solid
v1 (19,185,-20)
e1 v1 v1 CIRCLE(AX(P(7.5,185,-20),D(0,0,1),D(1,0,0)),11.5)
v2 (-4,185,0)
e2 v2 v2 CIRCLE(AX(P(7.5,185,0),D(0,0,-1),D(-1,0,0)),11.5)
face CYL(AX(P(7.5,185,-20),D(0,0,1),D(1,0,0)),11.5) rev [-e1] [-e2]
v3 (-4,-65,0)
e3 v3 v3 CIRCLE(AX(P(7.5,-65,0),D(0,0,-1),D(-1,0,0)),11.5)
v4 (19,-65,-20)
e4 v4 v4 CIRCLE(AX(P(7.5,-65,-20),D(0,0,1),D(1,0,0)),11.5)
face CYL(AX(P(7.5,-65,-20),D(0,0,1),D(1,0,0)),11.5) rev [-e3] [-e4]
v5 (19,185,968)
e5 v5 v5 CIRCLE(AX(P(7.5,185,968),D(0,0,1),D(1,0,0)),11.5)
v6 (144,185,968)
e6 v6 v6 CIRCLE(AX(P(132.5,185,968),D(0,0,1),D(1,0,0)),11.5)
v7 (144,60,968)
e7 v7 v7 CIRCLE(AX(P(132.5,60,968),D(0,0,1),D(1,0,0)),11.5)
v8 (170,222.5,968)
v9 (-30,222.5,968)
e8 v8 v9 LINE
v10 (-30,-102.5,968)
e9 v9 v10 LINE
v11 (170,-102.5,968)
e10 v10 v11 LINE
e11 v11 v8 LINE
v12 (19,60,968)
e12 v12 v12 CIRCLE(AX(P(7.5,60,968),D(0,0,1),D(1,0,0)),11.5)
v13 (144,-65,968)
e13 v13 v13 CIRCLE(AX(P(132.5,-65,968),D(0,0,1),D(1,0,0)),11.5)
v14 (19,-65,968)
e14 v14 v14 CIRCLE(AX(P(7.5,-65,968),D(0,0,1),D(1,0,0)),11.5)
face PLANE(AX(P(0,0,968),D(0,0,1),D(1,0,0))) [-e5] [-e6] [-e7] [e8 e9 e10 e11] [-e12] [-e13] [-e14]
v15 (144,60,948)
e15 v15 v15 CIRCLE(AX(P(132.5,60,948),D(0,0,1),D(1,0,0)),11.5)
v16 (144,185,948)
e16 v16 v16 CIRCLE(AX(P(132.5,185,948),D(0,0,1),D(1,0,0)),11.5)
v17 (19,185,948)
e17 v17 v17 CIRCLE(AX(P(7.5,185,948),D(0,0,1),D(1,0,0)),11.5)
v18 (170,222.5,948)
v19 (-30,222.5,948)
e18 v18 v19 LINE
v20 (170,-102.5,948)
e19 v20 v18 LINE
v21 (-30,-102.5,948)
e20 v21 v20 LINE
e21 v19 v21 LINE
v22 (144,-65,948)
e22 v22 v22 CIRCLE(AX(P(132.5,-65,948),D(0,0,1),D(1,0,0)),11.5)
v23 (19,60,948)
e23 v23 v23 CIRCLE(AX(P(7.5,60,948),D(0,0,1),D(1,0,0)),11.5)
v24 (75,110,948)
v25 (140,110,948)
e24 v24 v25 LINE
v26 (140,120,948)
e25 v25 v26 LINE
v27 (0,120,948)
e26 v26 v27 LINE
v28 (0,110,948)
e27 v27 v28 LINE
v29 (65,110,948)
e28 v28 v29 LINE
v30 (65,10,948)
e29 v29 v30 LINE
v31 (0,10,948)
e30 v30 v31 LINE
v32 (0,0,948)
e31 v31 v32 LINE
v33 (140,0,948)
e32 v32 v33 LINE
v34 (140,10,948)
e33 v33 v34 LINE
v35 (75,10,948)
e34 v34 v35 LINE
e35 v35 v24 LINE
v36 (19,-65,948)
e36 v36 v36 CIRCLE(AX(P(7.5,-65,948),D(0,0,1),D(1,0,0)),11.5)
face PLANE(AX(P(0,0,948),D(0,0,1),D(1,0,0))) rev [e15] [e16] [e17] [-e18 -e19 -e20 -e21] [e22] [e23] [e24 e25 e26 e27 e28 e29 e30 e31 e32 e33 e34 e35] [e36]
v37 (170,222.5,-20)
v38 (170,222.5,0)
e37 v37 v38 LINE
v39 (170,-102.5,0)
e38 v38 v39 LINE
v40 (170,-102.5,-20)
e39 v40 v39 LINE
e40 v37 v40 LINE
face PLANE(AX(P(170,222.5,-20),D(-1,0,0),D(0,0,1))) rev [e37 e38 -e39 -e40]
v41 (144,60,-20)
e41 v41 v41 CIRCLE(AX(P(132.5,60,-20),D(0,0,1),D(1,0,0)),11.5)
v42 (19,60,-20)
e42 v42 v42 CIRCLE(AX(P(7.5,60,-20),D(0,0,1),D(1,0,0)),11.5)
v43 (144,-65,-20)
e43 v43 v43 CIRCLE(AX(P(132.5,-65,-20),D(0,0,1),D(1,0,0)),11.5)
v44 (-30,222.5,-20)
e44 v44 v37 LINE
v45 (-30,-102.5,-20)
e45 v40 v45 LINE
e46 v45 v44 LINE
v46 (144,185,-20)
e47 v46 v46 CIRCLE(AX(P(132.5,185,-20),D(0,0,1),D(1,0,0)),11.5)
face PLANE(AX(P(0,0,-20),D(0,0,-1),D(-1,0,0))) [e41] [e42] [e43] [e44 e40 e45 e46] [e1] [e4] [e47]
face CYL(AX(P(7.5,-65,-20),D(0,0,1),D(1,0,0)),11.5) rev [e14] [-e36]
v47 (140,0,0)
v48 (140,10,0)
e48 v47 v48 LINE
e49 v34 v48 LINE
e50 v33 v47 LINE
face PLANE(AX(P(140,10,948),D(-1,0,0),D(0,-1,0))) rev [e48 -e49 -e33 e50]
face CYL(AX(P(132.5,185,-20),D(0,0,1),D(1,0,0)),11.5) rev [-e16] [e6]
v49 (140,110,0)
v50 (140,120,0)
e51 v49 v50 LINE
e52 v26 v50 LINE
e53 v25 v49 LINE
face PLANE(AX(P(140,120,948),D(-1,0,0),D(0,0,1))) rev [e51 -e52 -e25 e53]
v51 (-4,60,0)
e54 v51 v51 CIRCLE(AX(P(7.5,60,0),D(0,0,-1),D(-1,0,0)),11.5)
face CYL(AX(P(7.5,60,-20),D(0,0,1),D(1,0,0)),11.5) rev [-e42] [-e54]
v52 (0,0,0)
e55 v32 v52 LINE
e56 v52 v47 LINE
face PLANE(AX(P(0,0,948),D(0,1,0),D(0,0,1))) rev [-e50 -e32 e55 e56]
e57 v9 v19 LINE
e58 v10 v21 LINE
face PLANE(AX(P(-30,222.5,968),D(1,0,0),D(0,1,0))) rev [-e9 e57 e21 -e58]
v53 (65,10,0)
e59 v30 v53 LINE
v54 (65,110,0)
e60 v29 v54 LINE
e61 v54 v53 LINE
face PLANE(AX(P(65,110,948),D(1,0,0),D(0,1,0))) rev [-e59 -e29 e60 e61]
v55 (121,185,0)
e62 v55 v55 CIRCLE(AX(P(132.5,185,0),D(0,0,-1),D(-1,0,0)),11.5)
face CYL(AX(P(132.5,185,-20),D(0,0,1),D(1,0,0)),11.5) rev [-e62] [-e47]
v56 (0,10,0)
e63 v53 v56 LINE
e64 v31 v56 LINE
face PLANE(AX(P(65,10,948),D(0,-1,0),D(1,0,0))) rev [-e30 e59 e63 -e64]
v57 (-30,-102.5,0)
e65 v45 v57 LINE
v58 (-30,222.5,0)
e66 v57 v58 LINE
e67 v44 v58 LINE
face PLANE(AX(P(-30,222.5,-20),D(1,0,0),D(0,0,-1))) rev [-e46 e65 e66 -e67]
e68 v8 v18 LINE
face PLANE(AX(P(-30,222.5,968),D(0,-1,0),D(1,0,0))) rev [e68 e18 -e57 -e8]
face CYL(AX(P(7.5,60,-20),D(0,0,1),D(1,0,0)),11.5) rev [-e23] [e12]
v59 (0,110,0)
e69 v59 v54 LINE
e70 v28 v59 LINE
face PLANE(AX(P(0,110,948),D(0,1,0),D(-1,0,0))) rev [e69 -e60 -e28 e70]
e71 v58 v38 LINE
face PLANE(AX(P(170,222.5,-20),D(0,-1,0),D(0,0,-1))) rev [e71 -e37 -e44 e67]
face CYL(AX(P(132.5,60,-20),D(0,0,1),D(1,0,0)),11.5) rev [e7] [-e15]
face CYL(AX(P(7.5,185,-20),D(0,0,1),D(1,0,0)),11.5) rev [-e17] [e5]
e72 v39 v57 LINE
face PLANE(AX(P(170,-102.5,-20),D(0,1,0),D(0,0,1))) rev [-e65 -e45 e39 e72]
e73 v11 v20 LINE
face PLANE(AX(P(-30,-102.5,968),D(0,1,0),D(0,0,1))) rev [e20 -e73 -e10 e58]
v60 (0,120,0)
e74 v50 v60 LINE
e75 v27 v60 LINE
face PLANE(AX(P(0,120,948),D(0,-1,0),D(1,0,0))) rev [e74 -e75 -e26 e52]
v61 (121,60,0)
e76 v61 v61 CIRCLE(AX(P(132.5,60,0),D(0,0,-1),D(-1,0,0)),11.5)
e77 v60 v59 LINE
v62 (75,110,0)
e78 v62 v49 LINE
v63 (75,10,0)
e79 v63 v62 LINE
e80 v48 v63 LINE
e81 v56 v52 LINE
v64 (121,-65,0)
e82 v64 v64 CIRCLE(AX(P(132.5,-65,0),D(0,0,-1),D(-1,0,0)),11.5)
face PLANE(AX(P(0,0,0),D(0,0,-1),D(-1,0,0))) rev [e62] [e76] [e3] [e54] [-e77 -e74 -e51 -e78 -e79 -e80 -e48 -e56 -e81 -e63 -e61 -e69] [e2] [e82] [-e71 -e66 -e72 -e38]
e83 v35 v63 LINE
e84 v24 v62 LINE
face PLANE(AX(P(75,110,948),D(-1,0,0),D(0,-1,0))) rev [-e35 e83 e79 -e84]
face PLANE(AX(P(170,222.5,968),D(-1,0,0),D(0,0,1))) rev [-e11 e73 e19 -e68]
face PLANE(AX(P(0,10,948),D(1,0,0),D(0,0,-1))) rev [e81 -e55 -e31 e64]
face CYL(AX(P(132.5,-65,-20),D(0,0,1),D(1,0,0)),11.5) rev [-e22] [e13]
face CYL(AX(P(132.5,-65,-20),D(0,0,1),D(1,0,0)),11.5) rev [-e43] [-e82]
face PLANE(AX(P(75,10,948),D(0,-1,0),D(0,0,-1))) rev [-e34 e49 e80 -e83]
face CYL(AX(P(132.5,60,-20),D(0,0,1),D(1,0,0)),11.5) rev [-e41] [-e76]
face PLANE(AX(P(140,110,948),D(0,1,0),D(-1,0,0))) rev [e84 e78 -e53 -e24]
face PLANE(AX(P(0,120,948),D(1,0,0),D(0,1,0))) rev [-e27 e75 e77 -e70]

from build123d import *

# Parameters (mm, degrees)
EXTRUDE_1_DEPTH             = 948
SKETCH_2_W                  = 200
SKETCH_2_H                  = 325
EXTRUDE_2_DEPTH             = 20
SKETCH_3_W                  = 200
SKETCH_3_H                  = 325
EXTRUDE_3_DEPTH             = 20
SKETCH_4_R                  = 11.5
CUT_EXTRUDE_1_DEPTH         = 1027.912970996
PATTERN_LINEAR_1_COUNT      = 2
PATTERN_LINEAR_1_PITCH      = 125
PATTERN_LINEAR_1_COUNT_DIR2 = 3
PATTERN_LINEAR_1_PITCH_DIR2 = 125


with BuildPart() as part:
    # 草图1 → 凸台-拉伸1 (new body)
    with BuildSketch(Plane.XY):
        Polygon((0, 120), (0, 110), (65, 110), (65, 10), (0, 10), (0, 0), (140, 0), (140, 10), (75, 10), (75, 110), (140, 110), (140, 120), align=None)
    extrude(amount=EXTRUDE_1_DEPTH)

    # 草图2 → 凸台-拉伸2 (add)
    with BuildSketch(Plane.XY.offset(948)):
        with Locations((70, 60)):
            Rectangle(SKETCH_2_W, SKETCH_2_H)
    extrude(amount=EXTRUDE_2_DEPTH)

    # 草图3 → 凸台-拉伸3 (add)
    with BuildSketch(Plane(origin=(0, 0, 0), x_dir=(-1, 0, 0), z_dir=(0, 0, -1))):
        with Locations((-70, 60)):
            Rectangle(SKETCH_3_W, SKETCH_3_H)
    extrude(amount=EXTRUDE_3_DEPTH)

    # 草图4 → 切除-拉伸1 (cut, through all)
    with BuildSketch(Plane.XY.offset(968)):
        with Locations((7.5, 185)):
            Circle(SKETCH_4_R)
    cut_extrude_1 = extrude(amount=-CUT_EXTRUDE_1_DEPTH, mode=Mode.SUBTRACT)

    # 阵列(线性)1: Cut-Extrude 1 2 × 3
    with Locations(*[(i * PATTERN_LINEAR_1_PITCH, -j * PATTERN_LINEAR_1_PITCH_DIR2, 0) for i in range(PATTERN_LINEAR_1_COUNT) for j in range(PATTERN_LINEAR_1_COUNT_DIR2) if (i, j) != (0, 0)]):
        add(cut_extrude_1, mode=Mode.SUBTRACT)


solid = part.part
